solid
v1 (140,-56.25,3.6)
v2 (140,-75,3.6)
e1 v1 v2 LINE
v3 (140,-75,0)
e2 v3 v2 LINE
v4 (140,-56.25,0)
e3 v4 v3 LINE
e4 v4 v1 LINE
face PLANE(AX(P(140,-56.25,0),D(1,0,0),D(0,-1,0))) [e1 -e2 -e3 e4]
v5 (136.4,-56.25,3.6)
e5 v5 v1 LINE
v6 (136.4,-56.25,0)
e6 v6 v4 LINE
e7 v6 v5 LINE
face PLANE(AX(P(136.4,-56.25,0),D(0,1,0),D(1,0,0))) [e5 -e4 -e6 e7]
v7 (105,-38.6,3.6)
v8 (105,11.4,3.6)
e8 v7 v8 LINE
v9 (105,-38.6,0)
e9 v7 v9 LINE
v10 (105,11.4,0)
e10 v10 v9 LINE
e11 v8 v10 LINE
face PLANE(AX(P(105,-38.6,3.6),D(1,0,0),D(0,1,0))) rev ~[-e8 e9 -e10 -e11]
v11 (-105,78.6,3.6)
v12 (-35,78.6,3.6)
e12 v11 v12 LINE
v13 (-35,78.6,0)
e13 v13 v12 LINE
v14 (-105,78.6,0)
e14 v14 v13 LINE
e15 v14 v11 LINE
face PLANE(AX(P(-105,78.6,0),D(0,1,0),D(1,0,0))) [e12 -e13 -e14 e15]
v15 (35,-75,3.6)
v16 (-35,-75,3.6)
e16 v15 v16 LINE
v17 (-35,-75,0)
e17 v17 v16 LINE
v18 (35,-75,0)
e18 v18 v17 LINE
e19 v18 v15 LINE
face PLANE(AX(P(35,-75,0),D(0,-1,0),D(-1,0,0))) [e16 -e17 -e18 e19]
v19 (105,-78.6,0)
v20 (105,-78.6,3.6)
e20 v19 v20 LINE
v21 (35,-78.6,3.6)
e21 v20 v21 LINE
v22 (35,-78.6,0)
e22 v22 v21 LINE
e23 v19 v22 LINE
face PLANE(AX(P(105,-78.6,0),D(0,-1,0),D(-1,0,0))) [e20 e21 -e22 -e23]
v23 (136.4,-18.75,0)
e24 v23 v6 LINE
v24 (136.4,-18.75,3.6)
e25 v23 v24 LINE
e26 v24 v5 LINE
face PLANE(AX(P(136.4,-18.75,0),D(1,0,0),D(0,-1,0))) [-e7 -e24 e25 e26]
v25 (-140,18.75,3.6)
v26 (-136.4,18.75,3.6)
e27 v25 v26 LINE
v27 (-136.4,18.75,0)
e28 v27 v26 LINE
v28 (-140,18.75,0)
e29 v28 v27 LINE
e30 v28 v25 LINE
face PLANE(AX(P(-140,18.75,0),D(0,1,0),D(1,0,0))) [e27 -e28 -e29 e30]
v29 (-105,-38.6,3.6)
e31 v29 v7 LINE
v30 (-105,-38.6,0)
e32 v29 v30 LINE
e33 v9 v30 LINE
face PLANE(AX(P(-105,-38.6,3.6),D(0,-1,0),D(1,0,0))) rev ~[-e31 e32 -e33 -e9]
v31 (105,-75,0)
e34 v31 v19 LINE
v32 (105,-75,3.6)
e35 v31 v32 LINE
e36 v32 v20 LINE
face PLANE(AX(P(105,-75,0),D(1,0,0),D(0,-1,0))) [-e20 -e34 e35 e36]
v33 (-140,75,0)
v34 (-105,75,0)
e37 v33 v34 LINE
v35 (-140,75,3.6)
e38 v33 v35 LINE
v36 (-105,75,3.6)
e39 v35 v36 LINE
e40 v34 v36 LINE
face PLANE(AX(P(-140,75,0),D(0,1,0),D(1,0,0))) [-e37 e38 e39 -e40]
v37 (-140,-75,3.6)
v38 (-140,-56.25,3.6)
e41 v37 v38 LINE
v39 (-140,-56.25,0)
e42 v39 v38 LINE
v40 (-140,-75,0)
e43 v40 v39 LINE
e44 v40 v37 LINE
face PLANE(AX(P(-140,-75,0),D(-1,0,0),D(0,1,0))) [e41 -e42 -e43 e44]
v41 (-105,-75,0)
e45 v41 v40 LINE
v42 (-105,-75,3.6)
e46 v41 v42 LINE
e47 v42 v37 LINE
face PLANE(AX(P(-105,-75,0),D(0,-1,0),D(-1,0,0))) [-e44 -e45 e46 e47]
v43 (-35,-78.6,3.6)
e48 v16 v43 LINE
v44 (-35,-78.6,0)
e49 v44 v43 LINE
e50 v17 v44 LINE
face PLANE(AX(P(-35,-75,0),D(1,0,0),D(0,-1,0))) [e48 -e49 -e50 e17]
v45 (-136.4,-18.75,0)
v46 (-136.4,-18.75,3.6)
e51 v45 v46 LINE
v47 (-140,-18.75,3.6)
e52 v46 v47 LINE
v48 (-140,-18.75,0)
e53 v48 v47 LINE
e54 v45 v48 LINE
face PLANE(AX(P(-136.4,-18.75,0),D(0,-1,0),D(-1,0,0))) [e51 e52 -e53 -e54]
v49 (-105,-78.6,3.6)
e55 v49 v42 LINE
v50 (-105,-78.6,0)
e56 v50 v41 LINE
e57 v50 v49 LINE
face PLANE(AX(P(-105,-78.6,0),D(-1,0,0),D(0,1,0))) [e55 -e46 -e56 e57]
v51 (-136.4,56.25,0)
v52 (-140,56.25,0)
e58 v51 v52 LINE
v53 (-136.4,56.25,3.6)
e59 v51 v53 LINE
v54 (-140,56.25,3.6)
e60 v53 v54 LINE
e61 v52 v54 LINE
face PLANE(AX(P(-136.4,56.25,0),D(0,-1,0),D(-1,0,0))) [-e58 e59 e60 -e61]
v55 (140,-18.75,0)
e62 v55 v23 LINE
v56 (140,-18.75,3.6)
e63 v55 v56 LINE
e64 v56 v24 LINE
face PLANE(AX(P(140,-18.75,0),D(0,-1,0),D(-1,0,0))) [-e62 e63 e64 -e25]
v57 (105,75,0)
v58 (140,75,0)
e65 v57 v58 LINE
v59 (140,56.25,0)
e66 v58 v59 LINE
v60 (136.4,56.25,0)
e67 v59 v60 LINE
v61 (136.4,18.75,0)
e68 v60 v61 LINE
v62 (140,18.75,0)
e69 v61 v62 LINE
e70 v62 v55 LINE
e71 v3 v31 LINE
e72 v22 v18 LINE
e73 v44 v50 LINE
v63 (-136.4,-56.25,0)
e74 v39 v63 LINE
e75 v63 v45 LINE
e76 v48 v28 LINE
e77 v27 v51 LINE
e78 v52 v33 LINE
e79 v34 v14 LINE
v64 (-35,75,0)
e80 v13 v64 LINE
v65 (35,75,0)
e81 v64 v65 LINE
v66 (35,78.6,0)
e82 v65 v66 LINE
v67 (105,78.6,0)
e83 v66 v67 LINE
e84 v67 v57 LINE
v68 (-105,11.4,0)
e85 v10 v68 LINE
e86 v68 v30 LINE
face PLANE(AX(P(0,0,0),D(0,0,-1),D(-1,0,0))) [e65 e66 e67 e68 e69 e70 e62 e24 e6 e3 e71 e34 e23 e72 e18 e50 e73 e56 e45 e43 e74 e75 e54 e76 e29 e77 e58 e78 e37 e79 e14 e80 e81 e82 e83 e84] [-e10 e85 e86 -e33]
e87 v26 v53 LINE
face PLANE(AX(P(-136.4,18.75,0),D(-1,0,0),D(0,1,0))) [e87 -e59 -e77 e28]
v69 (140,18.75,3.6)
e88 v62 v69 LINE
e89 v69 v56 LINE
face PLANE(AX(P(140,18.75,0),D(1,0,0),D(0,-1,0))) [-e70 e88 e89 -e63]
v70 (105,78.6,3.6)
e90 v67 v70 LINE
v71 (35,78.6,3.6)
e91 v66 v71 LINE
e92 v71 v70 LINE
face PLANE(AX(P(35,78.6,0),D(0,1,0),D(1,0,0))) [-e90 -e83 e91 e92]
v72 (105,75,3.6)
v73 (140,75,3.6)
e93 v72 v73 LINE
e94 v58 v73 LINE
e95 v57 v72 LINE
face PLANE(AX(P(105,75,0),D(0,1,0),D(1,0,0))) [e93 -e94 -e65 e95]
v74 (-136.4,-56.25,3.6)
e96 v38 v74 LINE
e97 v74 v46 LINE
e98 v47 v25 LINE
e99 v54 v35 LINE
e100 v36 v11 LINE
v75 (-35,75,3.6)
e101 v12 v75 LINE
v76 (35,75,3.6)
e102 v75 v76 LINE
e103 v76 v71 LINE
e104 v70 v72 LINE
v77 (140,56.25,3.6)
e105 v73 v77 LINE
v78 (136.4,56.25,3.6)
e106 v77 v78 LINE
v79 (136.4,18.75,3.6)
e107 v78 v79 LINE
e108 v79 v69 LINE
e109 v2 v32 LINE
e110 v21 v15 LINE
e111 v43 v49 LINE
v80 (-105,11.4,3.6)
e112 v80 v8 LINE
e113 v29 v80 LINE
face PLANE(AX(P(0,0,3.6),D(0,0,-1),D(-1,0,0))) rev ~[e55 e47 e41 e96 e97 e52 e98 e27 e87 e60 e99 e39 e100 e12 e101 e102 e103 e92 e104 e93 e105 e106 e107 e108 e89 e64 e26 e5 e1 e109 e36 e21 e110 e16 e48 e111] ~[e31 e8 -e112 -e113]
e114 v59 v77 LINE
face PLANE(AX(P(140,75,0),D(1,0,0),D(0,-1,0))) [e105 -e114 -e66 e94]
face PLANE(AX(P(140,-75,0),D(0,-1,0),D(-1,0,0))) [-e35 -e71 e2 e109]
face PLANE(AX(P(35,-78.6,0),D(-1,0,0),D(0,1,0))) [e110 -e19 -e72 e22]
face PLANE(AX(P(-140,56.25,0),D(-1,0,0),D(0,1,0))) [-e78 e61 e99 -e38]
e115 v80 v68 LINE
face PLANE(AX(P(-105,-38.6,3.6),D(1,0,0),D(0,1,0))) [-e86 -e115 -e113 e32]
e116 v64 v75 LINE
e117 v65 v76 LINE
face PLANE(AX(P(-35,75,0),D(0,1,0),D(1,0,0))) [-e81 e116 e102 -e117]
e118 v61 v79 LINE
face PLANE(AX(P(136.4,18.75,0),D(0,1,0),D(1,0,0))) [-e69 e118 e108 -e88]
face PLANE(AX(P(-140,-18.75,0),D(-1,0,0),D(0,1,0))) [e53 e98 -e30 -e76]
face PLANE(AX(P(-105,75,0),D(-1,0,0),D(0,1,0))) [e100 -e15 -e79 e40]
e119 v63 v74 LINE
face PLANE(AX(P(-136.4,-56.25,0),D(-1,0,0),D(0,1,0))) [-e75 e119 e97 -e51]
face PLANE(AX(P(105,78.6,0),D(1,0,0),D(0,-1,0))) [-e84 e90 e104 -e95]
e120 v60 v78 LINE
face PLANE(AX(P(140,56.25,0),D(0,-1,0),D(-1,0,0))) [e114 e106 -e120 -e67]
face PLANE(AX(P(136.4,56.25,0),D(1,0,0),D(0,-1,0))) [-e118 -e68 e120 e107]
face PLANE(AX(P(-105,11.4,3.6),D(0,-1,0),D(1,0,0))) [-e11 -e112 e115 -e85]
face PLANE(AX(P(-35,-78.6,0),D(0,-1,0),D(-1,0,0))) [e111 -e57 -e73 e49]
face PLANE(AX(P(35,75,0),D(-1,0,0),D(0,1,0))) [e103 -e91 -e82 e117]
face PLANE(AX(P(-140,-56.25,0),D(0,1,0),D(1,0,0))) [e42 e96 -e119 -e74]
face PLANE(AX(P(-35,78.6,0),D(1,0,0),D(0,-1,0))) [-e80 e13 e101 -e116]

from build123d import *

# Parameters (mm, degrees)
EXTRUDE_1_DEPTH     = 3.6
SKETCH_2_W          = 210
SKETCH_2_H          = 50
CUT_EXTRUDE_1_DEPTH = 10


with BuildPart() as part:
    # 草图1 → 凸台-拉伸1 (new body)
    with BuildSketch(Plane.XY):
        Polygon((140, -75), (105, -75), (105, -78.6), (35, -78.6), (35, -75), (-35, -75), (-35, -78.6), (-105, -78.6), (-105, -75), (-140, -75), (-140, -56.25), (-136.4, -56.25), (-136.4, -18.75), (-140, -18.75), (-140, 18.75), (-136.4, 18.75), (-136.4, 56.25), (-140, 56.25), (-140, 75), (-105, 75), (-105, 78.6), (-35, 78.6), (-35, 75), (35, 75), (35, 78.6), (105, 78.6), (105, 75), (140, 75), (140, 56.25), (136.4, 56.25), (136.4, 18.75), (140, 18.75), (140, -18.75), (136.4, -18.75), (136.4, -56.25), (140, -56.25), align=None)
    extrude(amount=EXTRUDE_1_DEPTH)

    # 草图2 → 切除-拉伸1 (cut)
    with BuildSketch(Plane.XY.offset(3.6)):
        with Locations((0, -13.6)):
            Rectangle(SKETCH_2_W, SKETCH_2_H)
    extrude(amount=-CUT_EXTRUDE_1_DEPTH, mode=Mode.SUBTRACT)


solid = part.part
